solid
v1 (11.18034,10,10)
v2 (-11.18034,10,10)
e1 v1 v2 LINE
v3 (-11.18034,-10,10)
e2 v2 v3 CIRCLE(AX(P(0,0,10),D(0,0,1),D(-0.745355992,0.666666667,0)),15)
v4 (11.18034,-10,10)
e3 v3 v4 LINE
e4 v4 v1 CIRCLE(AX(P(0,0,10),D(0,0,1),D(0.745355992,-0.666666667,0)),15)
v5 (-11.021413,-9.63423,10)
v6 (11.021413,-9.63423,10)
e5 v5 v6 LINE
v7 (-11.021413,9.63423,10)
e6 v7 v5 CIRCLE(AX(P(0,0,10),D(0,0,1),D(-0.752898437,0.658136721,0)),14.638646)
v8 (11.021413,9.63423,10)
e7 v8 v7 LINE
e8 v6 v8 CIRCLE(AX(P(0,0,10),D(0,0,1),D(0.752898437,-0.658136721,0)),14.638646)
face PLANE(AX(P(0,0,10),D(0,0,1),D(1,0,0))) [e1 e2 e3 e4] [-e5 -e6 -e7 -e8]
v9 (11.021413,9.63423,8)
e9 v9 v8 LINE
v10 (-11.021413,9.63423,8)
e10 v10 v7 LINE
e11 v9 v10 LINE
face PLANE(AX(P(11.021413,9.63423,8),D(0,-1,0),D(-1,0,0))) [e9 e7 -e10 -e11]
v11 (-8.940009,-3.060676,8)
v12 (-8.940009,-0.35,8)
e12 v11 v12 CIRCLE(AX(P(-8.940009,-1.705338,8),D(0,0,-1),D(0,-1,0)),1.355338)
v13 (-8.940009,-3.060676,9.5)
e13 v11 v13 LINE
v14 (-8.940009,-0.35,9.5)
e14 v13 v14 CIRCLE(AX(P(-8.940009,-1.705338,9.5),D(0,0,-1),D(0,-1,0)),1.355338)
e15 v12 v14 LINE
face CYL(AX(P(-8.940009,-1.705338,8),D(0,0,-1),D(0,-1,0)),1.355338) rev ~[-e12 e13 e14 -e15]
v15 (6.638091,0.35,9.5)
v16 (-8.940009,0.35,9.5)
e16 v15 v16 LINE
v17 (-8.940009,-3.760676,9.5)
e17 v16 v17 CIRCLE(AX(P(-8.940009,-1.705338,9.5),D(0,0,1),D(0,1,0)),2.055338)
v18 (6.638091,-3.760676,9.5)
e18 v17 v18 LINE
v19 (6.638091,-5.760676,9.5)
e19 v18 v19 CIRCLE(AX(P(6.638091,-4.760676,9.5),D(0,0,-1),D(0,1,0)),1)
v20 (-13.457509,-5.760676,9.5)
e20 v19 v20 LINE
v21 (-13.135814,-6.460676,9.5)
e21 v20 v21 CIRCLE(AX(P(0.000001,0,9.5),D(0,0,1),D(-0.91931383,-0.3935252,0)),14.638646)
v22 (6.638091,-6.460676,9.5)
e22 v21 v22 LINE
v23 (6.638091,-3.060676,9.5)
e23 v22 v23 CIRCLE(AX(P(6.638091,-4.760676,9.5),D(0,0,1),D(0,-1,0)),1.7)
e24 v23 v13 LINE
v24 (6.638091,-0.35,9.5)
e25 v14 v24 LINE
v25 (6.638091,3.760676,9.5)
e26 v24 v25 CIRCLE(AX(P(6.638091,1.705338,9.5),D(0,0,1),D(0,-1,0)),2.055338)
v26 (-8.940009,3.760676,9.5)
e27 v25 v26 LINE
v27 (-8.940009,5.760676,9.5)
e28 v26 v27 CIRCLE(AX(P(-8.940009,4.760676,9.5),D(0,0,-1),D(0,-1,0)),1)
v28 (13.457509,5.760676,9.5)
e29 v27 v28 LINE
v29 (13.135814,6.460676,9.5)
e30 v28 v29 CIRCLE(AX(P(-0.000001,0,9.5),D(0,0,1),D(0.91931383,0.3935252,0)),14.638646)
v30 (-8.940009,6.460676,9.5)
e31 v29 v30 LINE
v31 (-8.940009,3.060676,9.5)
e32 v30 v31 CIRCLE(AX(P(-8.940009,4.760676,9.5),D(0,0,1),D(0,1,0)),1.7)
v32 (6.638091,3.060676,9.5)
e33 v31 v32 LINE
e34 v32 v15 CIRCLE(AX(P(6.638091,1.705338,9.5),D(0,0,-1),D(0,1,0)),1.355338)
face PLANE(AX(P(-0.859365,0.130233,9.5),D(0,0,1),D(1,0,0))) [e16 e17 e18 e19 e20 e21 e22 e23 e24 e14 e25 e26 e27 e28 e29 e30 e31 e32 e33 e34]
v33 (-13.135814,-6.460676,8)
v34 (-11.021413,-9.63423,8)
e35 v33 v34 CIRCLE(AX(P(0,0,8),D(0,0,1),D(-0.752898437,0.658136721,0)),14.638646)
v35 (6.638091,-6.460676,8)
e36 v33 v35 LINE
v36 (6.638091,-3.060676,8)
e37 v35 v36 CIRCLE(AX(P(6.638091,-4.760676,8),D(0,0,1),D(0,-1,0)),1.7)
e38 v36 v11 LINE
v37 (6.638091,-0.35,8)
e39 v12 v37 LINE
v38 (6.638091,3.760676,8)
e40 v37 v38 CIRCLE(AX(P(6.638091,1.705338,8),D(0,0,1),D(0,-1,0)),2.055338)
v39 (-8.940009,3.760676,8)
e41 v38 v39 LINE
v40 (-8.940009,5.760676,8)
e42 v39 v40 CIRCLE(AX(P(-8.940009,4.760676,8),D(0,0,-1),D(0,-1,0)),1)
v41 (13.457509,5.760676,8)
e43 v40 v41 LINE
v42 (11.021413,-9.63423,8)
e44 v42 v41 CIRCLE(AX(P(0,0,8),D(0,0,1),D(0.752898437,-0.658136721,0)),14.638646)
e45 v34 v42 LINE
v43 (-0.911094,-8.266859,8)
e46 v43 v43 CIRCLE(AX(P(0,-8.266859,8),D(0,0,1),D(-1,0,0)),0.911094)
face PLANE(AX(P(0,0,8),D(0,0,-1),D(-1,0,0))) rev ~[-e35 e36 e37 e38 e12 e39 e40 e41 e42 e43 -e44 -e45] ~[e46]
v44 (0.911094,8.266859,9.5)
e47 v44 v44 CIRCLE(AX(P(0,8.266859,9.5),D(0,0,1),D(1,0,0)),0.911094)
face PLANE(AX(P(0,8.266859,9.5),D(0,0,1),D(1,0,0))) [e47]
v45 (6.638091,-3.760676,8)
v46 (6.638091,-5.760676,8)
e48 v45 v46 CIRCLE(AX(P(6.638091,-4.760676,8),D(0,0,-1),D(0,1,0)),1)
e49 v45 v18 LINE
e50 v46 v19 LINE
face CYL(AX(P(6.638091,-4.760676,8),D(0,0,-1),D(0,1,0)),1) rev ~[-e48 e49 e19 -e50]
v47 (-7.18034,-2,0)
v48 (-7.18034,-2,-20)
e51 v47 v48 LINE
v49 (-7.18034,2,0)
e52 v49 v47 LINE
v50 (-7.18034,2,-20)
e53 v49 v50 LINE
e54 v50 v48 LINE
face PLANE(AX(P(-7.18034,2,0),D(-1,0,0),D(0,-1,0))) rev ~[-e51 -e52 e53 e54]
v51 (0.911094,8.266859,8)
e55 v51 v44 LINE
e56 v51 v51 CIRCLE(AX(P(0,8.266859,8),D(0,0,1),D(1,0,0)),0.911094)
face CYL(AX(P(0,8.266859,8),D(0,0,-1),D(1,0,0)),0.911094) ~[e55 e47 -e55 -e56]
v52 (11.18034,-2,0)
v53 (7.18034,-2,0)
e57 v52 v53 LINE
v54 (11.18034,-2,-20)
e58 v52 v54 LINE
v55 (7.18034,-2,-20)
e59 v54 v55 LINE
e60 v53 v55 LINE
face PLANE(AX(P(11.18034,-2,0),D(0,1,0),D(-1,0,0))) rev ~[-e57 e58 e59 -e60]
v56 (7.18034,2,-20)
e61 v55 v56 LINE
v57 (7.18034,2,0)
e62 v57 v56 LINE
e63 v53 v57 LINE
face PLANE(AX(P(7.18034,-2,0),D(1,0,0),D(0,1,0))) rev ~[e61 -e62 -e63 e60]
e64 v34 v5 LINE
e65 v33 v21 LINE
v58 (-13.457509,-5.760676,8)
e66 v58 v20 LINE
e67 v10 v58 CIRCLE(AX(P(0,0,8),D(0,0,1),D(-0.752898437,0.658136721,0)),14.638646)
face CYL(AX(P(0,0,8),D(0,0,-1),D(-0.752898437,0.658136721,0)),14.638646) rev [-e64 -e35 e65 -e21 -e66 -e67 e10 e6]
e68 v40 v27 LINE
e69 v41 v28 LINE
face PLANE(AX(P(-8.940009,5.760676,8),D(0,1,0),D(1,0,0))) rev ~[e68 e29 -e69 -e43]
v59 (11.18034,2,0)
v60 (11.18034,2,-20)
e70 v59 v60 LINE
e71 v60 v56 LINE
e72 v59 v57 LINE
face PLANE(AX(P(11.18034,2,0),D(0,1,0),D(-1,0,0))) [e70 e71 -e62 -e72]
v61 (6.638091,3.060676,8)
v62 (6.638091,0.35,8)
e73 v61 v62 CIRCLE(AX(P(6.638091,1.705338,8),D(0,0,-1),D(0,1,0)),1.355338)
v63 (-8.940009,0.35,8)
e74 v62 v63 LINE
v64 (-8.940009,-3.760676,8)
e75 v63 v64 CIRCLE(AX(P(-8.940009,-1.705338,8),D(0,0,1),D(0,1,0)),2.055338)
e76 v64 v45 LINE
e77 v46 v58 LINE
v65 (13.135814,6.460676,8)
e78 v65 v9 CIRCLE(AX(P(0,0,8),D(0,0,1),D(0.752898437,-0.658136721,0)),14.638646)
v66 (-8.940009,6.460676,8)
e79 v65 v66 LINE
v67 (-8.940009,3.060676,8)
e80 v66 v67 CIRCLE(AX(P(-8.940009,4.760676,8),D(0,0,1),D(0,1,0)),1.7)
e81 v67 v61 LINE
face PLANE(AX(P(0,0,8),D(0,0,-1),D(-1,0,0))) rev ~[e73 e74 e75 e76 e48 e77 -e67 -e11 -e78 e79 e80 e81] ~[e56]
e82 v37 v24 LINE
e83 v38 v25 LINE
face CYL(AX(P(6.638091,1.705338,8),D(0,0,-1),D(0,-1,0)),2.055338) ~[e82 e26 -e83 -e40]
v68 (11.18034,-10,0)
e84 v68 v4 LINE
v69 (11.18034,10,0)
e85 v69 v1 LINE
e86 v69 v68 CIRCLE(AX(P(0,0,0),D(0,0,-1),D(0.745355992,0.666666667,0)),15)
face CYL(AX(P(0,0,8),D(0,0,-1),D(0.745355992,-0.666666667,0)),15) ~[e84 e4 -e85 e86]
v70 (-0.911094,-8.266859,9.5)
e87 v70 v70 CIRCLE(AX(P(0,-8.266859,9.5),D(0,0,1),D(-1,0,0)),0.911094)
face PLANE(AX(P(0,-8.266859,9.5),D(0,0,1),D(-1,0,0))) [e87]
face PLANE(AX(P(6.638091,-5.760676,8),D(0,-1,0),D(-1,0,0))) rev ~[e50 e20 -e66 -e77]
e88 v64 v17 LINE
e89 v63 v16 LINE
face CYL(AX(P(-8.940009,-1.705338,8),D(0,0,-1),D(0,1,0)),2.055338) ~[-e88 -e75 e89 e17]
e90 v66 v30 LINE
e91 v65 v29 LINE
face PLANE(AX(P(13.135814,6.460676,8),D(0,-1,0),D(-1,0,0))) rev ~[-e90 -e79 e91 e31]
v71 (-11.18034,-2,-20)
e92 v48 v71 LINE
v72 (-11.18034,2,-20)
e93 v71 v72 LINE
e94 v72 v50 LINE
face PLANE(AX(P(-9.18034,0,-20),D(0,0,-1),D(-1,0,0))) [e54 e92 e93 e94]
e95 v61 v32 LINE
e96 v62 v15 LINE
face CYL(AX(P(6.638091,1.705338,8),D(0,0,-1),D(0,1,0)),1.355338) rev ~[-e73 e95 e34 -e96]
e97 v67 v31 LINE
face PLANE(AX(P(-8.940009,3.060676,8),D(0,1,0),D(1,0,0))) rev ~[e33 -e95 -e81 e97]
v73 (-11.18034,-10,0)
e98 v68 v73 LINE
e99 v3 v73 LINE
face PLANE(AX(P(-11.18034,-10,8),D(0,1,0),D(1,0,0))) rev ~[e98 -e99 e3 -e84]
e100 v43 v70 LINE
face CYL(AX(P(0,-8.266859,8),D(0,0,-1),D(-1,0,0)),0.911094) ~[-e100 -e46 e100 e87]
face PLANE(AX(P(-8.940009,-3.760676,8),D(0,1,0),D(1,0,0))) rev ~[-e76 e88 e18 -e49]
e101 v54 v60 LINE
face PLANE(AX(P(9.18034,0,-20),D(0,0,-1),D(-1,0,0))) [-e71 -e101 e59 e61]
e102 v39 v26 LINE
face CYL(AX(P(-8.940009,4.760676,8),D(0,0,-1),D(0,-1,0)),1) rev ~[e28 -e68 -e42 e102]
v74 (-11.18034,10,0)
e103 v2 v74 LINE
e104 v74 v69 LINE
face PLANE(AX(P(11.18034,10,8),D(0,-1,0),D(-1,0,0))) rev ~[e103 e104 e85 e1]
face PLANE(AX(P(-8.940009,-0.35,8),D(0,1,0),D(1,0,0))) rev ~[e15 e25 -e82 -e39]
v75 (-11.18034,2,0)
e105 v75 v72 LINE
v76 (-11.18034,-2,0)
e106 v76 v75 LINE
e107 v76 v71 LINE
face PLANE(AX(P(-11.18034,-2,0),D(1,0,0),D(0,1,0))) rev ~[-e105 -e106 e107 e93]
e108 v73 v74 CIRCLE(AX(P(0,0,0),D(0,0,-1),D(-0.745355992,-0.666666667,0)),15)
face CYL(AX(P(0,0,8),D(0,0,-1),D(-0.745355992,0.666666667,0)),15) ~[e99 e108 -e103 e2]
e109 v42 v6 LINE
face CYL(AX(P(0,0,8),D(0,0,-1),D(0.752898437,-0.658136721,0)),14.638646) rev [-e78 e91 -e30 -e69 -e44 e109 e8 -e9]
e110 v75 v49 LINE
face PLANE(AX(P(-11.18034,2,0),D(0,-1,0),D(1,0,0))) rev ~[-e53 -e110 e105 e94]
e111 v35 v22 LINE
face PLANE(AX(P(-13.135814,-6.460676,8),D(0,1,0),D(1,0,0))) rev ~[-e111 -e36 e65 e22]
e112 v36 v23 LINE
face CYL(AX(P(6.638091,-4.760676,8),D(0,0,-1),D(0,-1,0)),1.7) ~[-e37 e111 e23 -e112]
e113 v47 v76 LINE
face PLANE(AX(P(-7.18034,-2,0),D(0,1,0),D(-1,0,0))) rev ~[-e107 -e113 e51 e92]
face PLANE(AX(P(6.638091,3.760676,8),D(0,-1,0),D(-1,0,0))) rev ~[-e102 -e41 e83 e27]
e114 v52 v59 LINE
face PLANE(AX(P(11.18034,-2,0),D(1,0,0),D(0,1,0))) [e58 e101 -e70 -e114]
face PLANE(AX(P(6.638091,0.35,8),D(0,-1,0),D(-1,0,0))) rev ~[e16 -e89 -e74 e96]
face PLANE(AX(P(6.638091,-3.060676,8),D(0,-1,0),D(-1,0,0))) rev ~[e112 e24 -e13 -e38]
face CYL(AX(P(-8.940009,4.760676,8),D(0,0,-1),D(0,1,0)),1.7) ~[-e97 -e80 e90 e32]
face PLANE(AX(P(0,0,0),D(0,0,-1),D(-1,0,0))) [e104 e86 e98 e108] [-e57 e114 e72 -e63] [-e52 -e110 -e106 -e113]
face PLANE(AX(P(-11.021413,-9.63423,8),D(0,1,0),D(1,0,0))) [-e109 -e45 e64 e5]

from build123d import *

# Parameters (mm, degrees)
BOSS_EXTRUDE1_DEPTH = 8
SKETCH2_W           = 4
SKETCH2_H           = 4
BOSS_EXTRUDE2_DEPTH = 20
BOSS_EXTRUDE3_DEPTH = 2
SKETCH4_R           = 0.91109378
BOSS_EXTRUDE4_DEPTH = 1.5


with BuildPart() as part:
    # Sketch1 → Boss-Extrude1 (new body)
    with BuildSketch(Plane.XY):
        with BuildLine():
            Line((-11.180339887, 10), (11.180339887, 10))
            ThreePointArc((11.180339887, 10), (15, 0), (11.180339887, -10))
            Line((11.180339887, -10), (-11.180339887, -10))
            ThreePointArc((-11.180339887, -10), (-15, 0), (-11.180339887, 10))
        make_face()
    extrude(amount=BOSS_EXTRUDE1_DEPTH)

    # Sketch2 → Boss-Extrude2 (add)
    with BuildSketch(Plane(origin=(0, 0, 0), x_dir=(-1, 0, 0), z_dir=(0, 0, -1))):
        with Locations((-9.180339887, 0)):
            Rectangle(SKETCH2_W, SKETCH2_H)
        Polygon((7.180339887, 2), (7.180339887, -2), (11.180339887, -2), (11.180339887, 0), (11.180339887, 2), align=None)
    extrude(amount=BOSS_EXTRUDE2_DEPTH)

    # Sketch3 → Boss-Extrude3 (add)
    with BuildSketch(Plane.XY.offset(8)):
        with BuildLine():
            Line((-11.180339887, -10), (11.180339887, -10))
            ThreePointArc((11.180339887, -10), (15, 0), (11.180339887, 10))
            Line((11.180339887, 10), (-11.180339887, 10))
            ThreePointArc((-11.180339887, 10), (-15, 0), (-11.180339887, -10))
        make_face()
        with BuildLine():
            ThreePointArc((-11.021413403, 9.634230221), (-14.638645612, 0), (-11.021413403, -9.634230221))
            Line((-11.021413403, -9.634230221), (11.021413403, -9.634230221))
            ThreePointArc((11.021413403, -9.634230221), (14.638645612, 0), (11.021413403, 9.634230221))
            Line((11.021413403, 9.634230221), (-11.021413403, 9.634230221))
        make_face(mode=Mode.SUBTRACT)
    extrude(amount=BOSS_EXTRUDE3_DEPTH)

    # Sketch4 → Boss-Extrude4 (add)
    with BuildSketch(Plane.XY.offset(8)):
        with Locations((0, 8.266858506)):
            Circle(SKETCH4_R)
        with Locations(Location((0, -8.266858506, 0), (0, 0, 180))):
            Circle(SKETCH4_R)
        with BuildLine():
            Line((13.1358141, 6.460675915), (-8.940009027, 6.460675915))
            ThreePointArc((-8.940009027, 6.460675915), (-10.640009027, 4.760675915), (-8.940009027, 3.060675915))
            Line((-8.940009027, 3.060675915), (6.638090535, 3.060675915))
            ThreePointArc((6.638090535, 3.060675915), (7.993428493, 1.705337957), (6.638090535, 0.35))
            Line((6.638090535, 0.35), (-8.940009027, 0.35))
            ThreePointArc((-8.940009027, 0.35), (-10.995346985, -1.705337957), (-8.940009027, -3.760675915))
            Line((-8.940009027, -3.760675915), (6.638090535, -3.760675915))
            ThreePointArc((6.638090535, -3.760675915), (7.638090535, -4.760675915), (6.638090535, -5.760675915))
            Line((6.638090535, -5.760675915), (-8.940009027, -5.760675915))
            Line((-8.940009027, -5.760675915), (-13.457509367, -5.760675915))
            ThreePointArc((-13.457509367, -5.760675915), (-13.301267355, -6.112792496), (-13.1358141, -6.460675915))
            Line((-13.1358141, -6.460675915), (-8.940009027, -6.460675915))
            Line((-8.940009027, -6.460675915), (6.638090535, -6.460675915))
            ThreePointArc((6.638090535, -6.460675915), (8.338090535, -4.760675915), (6.638090535, -3.060675915))
            Line((6.638090535, -3.060675915), (-8.940009027, -3.060675915))
            ThreePointArc((-8.940009027, -3.060675915), (-10.295346985, -1.705337957), (-8.940009027, -0.35))
            Line((-8.940009027, -0.35), (6.638090535, -0.35))
            ThreePointArc((6.638090535, -0.35), (8.693428493, 1.705337957), (6.638090535, 3.760675915))
            Line((6.638090535, 3.760675915), (-8.940009027, 3.760675915))
            ThreePointArc((-8.940009027, 3.760675915), (-9.940009027, 4.760675915), (-8.940009027, 5.760675915))
            Line((-8.940009027, 5.760675915), (13.457509367, 5.760675915))
            ThreePointArc((13.457509367, 5.760675915), (13.301267355, 6.112792496), (13.1358141, 6.460675915))
        make_face()
    extrude(amount=BOSS_EXTRUDE4_DEPTH)


solid = part.part
